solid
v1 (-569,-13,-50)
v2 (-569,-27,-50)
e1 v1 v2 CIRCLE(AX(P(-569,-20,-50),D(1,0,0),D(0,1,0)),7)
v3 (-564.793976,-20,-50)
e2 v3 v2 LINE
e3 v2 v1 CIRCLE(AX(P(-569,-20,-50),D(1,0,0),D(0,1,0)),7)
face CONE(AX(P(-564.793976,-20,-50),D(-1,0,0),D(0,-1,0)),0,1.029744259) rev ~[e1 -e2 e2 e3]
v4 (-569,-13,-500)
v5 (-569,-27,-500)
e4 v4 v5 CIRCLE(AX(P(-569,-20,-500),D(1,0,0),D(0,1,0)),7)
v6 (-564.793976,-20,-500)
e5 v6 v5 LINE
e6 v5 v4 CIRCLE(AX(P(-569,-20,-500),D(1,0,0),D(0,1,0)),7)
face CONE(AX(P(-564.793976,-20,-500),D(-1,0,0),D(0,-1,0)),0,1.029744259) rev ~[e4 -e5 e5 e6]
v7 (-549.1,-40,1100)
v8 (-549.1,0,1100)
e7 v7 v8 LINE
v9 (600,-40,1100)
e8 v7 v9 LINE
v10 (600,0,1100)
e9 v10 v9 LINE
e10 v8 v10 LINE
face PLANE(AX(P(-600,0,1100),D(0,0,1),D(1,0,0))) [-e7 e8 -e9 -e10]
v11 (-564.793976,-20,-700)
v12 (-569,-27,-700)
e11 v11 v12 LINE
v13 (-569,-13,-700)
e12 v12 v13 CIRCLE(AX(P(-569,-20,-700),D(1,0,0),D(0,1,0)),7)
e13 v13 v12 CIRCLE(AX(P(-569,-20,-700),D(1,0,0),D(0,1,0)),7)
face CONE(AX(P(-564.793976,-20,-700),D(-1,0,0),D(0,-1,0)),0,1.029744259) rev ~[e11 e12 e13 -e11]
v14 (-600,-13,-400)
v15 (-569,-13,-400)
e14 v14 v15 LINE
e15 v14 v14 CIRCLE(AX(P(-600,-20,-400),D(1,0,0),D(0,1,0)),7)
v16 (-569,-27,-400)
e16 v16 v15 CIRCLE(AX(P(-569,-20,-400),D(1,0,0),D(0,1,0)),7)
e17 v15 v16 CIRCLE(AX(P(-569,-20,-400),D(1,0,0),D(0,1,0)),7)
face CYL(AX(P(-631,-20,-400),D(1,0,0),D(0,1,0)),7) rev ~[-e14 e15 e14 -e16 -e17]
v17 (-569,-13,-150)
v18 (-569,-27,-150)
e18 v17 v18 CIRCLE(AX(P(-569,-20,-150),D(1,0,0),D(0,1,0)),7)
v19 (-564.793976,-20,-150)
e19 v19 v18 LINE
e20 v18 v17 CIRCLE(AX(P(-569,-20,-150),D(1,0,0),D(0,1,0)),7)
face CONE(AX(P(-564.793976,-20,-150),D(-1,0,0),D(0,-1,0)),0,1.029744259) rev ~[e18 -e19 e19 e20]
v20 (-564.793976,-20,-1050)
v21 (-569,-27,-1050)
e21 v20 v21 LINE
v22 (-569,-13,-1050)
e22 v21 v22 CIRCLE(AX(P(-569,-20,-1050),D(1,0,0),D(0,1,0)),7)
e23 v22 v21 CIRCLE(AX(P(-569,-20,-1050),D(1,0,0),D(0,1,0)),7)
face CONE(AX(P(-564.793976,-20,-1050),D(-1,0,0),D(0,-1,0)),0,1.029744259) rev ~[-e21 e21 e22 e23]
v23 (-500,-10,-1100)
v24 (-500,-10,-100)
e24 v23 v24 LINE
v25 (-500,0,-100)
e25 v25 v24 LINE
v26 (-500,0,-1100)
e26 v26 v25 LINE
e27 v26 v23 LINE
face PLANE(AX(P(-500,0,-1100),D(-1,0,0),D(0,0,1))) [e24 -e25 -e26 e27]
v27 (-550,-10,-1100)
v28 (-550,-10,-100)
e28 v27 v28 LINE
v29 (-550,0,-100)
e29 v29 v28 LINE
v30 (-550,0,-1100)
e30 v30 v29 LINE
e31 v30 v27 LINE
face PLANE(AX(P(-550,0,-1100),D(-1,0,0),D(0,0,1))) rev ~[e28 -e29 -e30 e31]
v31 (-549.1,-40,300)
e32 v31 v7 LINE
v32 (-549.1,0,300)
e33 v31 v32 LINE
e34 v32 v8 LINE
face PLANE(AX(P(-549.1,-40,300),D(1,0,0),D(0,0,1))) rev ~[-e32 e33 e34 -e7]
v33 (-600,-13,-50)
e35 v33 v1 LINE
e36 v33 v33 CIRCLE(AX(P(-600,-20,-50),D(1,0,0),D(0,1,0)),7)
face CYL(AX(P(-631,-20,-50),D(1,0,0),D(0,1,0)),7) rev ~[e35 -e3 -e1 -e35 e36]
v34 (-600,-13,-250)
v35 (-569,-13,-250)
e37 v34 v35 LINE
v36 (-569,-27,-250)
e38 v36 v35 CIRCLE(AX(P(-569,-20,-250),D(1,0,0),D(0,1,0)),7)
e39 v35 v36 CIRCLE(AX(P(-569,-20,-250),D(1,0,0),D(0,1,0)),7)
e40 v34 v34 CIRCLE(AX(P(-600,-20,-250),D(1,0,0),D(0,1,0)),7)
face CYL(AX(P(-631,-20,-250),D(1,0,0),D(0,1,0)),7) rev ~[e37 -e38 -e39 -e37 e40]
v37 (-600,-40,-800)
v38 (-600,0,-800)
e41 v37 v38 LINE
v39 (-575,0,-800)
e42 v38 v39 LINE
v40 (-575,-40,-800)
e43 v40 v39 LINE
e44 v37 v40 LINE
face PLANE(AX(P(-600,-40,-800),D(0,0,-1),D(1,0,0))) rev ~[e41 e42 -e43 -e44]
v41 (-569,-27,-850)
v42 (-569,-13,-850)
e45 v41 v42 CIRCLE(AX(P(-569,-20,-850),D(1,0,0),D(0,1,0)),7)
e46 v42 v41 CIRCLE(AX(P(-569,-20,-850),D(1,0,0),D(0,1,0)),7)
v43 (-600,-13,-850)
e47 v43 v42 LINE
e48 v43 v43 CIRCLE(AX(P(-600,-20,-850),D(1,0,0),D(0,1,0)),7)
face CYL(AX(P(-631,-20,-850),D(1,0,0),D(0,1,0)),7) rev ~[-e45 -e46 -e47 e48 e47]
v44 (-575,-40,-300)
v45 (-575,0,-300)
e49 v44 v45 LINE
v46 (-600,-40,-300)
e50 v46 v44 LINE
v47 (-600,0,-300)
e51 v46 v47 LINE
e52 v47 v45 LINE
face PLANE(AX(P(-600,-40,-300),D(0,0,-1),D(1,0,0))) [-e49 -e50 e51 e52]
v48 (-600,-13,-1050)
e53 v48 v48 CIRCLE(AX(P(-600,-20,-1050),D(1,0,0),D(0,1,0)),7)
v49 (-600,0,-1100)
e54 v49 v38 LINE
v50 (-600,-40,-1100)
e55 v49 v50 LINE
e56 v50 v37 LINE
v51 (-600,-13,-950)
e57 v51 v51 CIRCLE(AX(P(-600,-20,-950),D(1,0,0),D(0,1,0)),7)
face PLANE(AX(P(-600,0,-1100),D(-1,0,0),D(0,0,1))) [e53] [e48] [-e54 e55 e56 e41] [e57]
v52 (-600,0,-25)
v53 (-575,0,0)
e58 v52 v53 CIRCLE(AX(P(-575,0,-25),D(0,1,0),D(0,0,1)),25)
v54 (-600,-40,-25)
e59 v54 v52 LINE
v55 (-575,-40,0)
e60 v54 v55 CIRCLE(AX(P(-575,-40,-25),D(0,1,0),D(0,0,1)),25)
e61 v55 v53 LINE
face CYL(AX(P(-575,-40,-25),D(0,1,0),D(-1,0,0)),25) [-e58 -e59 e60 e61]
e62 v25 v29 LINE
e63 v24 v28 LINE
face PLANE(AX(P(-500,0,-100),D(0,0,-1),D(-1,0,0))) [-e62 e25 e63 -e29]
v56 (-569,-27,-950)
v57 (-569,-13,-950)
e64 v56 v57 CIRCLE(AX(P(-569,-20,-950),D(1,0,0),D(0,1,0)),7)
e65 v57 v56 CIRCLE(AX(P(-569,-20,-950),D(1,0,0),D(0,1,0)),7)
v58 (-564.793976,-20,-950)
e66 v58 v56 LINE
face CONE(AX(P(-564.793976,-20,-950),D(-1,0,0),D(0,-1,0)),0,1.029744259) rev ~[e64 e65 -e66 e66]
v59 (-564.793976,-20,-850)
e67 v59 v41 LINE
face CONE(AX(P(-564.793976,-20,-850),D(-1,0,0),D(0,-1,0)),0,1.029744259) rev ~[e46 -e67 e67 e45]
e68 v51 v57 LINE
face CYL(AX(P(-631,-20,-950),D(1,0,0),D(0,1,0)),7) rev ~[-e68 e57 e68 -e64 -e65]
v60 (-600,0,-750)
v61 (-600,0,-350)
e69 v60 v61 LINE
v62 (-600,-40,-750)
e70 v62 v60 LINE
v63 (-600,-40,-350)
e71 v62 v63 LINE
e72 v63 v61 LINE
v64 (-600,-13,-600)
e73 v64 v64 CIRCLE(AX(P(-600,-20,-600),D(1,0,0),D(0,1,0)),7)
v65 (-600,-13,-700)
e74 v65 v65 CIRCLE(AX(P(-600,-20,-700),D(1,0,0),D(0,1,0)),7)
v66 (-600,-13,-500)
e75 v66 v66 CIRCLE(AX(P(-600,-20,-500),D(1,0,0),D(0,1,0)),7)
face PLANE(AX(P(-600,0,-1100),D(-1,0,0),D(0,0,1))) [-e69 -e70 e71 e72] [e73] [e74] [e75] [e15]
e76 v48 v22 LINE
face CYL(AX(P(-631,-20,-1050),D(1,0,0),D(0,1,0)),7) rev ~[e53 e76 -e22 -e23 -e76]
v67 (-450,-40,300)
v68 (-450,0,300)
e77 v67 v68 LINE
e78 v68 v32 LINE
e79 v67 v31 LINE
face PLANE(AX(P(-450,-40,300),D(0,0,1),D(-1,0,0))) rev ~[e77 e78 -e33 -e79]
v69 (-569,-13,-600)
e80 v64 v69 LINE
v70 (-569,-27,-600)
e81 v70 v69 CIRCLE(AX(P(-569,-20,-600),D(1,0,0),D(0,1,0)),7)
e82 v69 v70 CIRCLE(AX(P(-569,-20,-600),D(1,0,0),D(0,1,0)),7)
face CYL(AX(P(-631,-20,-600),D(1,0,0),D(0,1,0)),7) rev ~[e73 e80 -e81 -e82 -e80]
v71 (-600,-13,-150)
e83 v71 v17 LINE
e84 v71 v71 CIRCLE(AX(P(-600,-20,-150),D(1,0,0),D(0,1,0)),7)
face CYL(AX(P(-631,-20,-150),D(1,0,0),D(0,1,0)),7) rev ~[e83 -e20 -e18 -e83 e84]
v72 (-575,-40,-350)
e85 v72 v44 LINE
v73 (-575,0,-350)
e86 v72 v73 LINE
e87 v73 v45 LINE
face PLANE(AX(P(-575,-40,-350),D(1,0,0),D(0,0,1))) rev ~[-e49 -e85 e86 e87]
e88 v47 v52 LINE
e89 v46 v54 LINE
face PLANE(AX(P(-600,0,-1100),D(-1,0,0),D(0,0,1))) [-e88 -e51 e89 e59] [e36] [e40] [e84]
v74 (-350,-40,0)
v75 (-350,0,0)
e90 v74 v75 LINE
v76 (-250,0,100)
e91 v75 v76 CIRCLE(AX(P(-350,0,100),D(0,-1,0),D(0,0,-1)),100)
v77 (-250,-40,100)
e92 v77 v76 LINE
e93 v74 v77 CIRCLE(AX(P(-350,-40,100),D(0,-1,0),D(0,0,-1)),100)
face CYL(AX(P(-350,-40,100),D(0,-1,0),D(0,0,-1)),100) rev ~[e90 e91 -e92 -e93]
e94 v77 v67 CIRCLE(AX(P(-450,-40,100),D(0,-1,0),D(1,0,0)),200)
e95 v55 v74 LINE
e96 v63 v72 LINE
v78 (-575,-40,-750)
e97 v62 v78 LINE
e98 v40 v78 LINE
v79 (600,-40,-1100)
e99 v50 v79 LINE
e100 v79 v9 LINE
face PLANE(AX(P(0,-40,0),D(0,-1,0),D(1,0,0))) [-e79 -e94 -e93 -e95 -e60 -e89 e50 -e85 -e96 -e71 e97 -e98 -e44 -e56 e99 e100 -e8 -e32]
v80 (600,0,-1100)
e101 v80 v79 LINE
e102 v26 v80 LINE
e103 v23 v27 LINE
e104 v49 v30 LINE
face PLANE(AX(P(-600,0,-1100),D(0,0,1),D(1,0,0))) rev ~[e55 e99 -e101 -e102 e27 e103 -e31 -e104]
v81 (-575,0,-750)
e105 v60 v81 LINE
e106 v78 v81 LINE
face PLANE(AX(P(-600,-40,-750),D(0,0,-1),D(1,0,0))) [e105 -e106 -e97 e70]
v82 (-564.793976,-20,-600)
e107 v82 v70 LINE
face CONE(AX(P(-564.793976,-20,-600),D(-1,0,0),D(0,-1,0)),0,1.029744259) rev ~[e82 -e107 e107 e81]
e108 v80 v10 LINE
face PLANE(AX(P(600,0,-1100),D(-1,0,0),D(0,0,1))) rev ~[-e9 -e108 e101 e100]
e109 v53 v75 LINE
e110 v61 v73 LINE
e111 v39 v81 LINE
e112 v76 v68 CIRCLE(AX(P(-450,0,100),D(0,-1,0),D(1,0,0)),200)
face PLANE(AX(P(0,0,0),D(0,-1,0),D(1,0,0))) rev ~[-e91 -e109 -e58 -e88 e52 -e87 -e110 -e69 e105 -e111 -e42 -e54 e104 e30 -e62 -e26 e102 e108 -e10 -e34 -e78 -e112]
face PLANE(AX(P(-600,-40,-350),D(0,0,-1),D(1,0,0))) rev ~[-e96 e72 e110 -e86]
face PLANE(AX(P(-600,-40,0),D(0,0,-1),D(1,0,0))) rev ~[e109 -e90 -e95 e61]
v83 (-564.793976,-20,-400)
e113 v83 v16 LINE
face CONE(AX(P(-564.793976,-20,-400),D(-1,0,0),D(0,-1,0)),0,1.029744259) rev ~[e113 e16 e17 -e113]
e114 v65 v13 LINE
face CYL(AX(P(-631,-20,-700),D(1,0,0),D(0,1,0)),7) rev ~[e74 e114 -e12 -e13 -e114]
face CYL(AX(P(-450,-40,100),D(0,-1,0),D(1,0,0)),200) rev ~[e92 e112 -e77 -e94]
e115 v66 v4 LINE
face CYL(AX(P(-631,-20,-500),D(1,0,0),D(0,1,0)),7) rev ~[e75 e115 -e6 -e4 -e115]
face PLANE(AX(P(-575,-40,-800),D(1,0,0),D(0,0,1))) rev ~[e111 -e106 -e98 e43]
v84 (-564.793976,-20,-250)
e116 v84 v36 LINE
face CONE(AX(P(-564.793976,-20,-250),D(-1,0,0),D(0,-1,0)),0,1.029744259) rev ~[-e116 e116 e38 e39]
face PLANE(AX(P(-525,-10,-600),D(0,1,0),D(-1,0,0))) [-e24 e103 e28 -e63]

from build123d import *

# Parameters (mm, degrees)
F0_W      = 1200
F0_H      = 2200
F1_DEPTH  = 40
F2_W      = 50
F2_H      = 1000
F3_DEPTH  = 10
F5_DEPTH  = 40.001
F6_R      = 25
F8_DEPTH  = 40.001
F9_W      = 25
F9_H      = 50
F10_DEPTH = 40.001
F12_D     = 14
F12_DEPTH = 31
F12_TIP   = 4.2060243332


with BuildPart() as f1:
    # F0 (on Front) → F1 (new body)
    with BuildSketch(Plane.XZ):
        Rectangle(F0_W, F0_H)
    extrude(amount=F1_DEPTH)

    # F2 (on face) → F3 (cut)
    with BuildSketch(Plane(origin=(0, 0, 0), x_dir=(-1, 0, 0), z_dir=(0, 1, 0))):
        with Locations((525, -600)):
            Rectangle(F2_W, F2_H)
    extrude(amount=-F3_DEPTH, mode=Mode.SUBTRACT)

    # F4 (on face) → F5 (cut, through all)
    with BuildSketch(Plane.XZ.offset(40)):
        with BuildLine():
            Line((-600, 300), (-600, 0))
            Line((-600, 0), (-350, 0))
            ThreePointArc((-350, 0), (-279.2893218813, 29.2893218813), (-250, 100))
            ThreePointArc((-250, 100), (-308.5786437627, 241.4213562373), (-450, 300))
            Line((-450, 300), (-600, 300))
        make_face()
    extrude(amount=-F5_DEPTH, mode=Mode.SUBTRACT)

    # F6
    f6_edges = [f1.edges().sort_by_distance(p)[0] for p in [
        (-600, -20, 300),
        (-600, -20, 0),
    ]]
    fillet(f6_edges, radius=F6_R)

    # F7 (on face) → F8 (cut, through all)
    with BuildSketch(Plane.XZ.offset(40)):
        with BuildLine():
            Line((-549.1, 1100), (-600, 1100))
            Line((-600, 1100), (-600, 325))
            ThreePointArc((-600, 325), (-592.6776695297, 307.3223304703), (-575, 300))
            Line((-575, 300), (-549.1, 300))
            Line((-549.1, 300), (-549.1, 1100))
        make_face()
    extrude(amount=-F8_DEPTH, mode=Mode.SUBTRACT)

    # F9 (on face) → F10 (cut, through all)
    with BuildSketch(Plane.XZ.offset(40)):
        with Locations((-587.5, -325)):
            Rectangle(F9_W, F9_H)
        with Locations((-587.5, -775)):
            Rectangle(F9_W, F9_H)
    extrude(amount=-F10_DEPTH, mode=Mode.SUBTRACT)

    # F12
    with Locations(Plane(origin=(-600, 0, 0), x_dir=(0, -1, 0), z_dir=(-1, 0, 0))):
        with Locations((20, -1050), (20, -950), (20, -850), (20, -700), (20, -600), (20, -500), (20, -400), (20, -250), (20, -150), (20, -50)):
            Hole(F12_D / 2, depth=F12_DEPTH)
            with Locations((0, 0, -(F12_DEPTH + F12_TIP / 2))):  # 118° drill point
                Cone(0, F12_D / 2, F12_TIP, mode=Mode.SUBTRACT)


solid = f1.part
